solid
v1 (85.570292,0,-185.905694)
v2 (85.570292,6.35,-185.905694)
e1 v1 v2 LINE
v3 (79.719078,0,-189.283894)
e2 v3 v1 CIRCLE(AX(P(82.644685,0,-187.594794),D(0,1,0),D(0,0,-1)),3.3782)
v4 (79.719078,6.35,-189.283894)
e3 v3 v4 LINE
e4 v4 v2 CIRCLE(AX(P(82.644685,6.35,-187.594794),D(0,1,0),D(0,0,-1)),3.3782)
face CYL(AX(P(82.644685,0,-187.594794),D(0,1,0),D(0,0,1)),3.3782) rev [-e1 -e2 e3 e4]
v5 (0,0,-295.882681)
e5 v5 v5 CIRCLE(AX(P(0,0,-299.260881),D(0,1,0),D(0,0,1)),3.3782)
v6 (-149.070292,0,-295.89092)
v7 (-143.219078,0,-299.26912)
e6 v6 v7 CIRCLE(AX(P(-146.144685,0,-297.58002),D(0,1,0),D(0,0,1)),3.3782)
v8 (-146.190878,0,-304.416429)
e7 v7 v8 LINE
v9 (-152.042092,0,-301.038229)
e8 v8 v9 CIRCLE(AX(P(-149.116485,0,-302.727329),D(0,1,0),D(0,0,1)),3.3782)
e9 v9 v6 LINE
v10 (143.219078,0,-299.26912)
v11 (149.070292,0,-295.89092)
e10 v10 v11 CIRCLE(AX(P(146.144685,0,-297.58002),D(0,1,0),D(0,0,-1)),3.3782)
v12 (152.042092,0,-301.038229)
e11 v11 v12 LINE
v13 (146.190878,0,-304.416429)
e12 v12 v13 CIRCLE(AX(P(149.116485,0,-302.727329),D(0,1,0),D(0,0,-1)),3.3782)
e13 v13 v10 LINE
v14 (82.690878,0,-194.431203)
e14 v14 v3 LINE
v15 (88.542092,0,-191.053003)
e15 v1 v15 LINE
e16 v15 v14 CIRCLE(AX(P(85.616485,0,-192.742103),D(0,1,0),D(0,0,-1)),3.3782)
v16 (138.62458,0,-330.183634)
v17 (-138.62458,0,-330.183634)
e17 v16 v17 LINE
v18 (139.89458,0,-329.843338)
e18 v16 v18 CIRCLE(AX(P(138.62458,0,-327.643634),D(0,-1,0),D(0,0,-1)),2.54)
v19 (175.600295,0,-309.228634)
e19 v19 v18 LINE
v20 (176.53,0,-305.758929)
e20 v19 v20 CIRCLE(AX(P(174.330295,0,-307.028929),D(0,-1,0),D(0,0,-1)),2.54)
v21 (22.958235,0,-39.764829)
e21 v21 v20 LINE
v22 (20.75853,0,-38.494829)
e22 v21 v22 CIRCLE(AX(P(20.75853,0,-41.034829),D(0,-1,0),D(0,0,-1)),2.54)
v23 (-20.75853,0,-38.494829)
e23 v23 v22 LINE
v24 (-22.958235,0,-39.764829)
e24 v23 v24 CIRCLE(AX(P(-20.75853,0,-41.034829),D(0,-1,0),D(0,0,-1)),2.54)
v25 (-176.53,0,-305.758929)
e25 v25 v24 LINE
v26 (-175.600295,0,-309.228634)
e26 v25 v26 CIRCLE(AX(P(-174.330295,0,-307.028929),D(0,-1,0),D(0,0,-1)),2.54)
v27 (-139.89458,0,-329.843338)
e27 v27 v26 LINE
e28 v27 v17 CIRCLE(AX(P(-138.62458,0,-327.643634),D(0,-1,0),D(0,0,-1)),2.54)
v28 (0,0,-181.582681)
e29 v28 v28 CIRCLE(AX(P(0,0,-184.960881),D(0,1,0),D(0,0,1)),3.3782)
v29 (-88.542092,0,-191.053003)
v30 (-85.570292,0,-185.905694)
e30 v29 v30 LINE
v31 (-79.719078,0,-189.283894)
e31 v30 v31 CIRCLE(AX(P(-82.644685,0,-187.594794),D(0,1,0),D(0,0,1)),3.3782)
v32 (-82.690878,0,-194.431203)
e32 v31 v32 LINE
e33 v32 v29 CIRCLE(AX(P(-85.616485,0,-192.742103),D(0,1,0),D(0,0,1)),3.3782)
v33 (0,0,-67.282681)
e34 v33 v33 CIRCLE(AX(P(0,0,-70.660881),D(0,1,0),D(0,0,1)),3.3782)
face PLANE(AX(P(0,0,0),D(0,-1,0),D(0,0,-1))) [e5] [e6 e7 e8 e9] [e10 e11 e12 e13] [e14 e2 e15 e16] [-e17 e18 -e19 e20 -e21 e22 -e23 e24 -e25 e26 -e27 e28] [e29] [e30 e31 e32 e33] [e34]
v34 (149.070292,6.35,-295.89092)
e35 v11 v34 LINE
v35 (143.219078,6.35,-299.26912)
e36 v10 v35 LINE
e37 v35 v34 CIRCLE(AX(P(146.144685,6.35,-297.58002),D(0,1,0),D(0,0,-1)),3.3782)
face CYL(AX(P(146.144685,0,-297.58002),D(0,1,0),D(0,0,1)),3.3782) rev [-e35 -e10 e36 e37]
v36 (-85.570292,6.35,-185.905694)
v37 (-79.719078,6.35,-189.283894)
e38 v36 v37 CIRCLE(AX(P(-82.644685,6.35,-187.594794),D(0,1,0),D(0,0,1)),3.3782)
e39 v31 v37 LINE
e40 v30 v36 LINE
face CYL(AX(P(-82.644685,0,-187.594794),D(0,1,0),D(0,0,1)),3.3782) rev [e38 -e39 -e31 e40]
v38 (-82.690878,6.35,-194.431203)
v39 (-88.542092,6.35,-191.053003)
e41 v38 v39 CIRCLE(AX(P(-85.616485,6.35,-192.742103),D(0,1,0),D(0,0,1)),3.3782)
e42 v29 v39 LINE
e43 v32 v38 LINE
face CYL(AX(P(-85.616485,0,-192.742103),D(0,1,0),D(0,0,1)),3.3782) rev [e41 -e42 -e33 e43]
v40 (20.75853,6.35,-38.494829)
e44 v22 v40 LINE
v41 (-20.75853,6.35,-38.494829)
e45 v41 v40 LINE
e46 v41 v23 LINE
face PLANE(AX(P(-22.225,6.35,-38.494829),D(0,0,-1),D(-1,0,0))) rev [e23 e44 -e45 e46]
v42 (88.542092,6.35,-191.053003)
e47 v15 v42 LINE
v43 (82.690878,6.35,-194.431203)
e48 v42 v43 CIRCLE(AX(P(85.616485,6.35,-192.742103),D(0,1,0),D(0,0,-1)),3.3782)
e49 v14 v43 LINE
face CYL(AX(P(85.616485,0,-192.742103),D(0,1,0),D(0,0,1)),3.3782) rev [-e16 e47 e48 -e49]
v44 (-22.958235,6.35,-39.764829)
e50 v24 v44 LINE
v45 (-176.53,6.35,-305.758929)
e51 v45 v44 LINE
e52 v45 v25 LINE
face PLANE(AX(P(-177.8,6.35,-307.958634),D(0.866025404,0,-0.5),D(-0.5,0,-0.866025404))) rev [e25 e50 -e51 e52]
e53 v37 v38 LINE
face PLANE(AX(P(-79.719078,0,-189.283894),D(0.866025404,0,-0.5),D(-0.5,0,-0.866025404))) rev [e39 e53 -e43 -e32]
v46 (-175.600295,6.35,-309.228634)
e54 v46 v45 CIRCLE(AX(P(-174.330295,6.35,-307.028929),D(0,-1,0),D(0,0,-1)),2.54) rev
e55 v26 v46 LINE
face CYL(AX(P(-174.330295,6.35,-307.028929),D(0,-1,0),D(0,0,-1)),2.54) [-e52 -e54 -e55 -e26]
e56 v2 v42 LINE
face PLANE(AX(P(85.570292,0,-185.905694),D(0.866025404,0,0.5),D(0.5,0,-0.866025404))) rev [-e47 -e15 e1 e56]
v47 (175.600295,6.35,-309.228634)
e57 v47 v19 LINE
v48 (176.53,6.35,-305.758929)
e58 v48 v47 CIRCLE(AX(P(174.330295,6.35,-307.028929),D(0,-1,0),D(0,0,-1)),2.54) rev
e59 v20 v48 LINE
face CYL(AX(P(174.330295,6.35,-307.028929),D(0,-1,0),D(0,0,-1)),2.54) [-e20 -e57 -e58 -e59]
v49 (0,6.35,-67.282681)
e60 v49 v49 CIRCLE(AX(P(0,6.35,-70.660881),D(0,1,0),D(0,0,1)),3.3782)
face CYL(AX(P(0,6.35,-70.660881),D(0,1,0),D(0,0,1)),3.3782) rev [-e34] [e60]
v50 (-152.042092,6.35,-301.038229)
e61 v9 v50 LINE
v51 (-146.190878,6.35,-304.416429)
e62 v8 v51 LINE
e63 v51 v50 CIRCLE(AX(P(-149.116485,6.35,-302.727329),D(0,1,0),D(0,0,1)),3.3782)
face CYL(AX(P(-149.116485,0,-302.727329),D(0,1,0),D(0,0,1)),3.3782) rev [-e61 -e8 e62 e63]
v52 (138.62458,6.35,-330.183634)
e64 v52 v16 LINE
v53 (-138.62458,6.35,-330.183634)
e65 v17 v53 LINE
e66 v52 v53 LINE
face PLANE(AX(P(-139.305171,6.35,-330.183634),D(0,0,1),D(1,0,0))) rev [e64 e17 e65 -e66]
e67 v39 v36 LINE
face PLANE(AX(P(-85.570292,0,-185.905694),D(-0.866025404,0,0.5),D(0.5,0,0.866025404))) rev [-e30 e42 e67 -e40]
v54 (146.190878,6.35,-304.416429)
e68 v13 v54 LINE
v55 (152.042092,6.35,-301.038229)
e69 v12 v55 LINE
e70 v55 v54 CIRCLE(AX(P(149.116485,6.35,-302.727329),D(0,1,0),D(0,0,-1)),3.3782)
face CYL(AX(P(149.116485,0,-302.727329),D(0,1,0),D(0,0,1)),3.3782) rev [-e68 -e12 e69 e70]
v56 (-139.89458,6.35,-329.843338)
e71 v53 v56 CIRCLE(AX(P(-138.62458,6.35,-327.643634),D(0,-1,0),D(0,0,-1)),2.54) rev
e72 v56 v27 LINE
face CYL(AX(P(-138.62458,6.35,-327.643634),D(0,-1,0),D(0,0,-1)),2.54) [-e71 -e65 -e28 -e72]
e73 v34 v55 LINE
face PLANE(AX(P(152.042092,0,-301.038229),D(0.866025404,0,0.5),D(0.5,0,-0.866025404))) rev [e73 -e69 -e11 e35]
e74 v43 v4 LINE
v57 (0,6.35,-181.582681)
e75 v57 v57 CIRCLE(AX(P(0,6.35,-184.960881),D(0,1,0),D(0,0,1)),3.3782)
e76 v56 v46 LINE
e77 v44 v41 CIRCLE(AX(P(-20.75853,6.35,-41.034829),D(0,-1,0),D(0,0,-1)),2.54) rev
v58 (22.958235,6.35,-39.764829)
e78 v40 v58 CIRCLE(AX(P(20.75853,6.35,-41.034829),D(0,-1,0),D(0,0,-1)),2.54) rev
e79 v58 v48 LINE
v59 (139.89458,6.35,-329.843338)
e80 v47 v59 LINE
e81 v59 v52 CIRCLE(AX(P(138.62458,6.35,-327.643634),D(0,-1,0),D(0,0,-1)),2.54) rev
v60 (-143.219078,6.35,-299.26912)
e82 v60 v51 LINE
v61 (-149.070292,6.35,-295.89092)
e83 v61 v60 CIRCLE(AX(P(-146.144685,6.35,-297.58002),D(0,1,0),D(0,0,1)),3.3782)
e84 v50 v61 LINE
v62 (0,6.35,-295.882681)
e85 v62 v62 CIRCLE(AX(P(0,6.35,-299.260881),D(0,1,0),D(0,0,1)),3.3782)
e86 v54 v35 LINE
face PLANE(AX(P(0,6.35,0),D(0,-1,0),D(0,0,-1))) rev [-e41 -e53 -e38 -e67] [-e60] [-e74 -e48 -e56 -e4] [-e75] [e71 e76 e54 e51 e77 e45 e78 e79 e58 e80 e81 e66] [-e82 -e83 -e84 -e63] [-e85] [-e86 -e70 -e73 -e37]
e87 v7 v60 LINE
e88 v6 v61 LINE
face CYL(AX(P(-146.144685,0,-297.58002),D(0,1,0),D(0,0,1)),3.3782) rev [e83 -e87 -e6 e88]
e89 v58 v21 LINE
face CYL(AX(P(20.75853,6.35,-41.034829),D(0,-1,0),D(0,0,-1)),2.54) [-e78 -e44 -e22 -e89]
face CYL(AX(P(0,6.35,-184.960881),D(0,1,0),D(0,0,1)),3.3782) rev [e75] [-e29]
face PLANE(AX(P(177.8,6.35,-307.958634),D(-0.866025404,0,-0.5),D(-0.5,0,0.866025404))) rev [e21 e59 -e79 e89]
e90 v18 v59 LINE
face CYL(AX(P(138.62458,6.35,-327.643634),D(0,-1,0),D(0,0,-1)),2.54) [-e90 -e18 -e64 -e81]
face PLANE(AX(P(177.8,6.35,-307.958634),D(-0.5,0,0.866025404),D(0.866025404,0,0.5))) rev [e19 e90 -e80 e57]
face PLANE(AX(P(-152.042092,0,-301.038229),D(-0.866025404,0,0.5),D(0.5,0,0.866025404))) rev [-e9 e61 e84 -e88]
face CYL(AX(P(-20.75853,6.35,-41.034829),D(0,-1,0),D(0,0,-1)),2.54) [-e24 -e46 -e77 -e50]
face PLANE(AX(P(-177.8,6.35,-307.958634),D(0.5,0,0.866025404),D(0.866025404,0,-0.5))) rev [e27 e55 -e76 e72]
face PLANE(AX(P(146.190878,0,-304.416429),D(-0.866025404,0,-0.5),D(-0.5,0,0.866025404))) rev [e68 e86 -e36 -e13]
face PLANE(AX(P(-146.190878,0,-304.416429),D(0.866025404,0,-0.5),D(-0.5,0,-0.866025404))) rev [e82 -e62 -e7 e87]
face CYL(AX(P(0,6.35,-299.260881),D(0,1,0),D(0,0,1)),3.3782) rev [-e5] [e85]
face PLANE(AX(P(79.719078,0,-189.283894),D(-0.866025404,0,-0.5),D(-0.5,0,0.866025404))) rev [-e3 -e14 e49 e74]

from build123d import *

# Parameters (mm, degrees)
BOSS_EXTRUDE1_DEPTH     = 6.35
F_1_4_CLEARANCE_HOLE1_D = 6.7564
CUT_EXTRUDE1_DEPTH      = 376.065853402
FILLET1_R               = 2.54


with BuildPart() as part:
    # Sketch1 → Boss-Extrude1 (new body)
    with BuildSketch(Plane(origin=(0, 0, 0), x_dir=(1, 0, 0), z_dir=(0, 1, 0))):
        Polygon((-177.8, 307.958633586), (-22.225, 38.494829198), (22.225, 38.494829198), (177.8, 307.958633586), (139.305170802, 330.183633586), (-139.305170802, 330.183633586), align=None)
    extrude(amount=BOSS_EXTRUDE1_DEPTH)

    # 1/4 Clearance Hole1 (through all)
    with Locations(Plane(origin=(0, 6.35, 0), x_dir=(1, 0, 0), z_dir=(0, 1, 0))):
        with Locations((0, 299.260881198), (0, 70.660881198), (0, 184.960881198)):
            Hole(F_1_4_CLEARANCE_HOLE1_D / 2)

    # Sketch6 → Cut-Extrude1 (cut, through all)
    with BuildSketch(Plane(origin=(0, 6.35, 0), x_dir=(1, 0, 0), z_dir=(0, 1, 0))):
        with BuildLine():
            Line((-146.190878382, 304.41642896), (-143.219078382, 299.269120371))
            ThreePointArc((-143.219078382, 299.269120371), (-144.455585401, 294.654413351), (-149.07029242, 295.890920371))
            Line((-149.07029242, 295.890920371), (-152.04209242, 301.03822896))
            ThreePointArc((-152.04209242, 301.03822896), (-150.805585401, 305.65293598), (-146.190878382, 304.41642896))
        make_face()
        with BuildLine():
            Line((-85.57029242, 185.90569409), (-88.54209242, 191.05300268))
            ThreePointArc((-88.54209242, 191.05300268), (-87.305585401, 195.667709699), (-82.690878382, 194.43120268))
            Line((-82.690878382, 194.43120268), (-79.719078382, 189.28389409))
            ThreePointArc((-79.719078382, 189.28389409), (-80.955585401, 184.669187071), (-85.57029242, 185.90569409))
        make_face()
        with BuildLine():
            Line((146.190878382, 304.41642896), (143.219078382, 299.269120371))
            ThreePointArc((143.219078382, 299.269120371), (144.455585401, 294.654413351), (149.07029242, 295.890920371))
            Line((149.07029242, 295.890920371), (152.04209242, 301.03822896))
            ThreePointArc((152.04209242, 301.03822896), (150.805585401, 305.65293598), (146.190878382, 304.41642896))
        make_face()
        with BuildLine():
            Line((85.57029242, 185.90569409), (88.54209242, 191.05300268))
            ThreePointArc((88.54209242, 191.05300268), (87.305585401, 195.667709699), (82.690878382, 194.43120268))
            Line((82.690878382, 194.43120268), (79.719078382, 189.28389409))
            ThreePointArc((79.719078382, 189.28389409), (80.955585401, 184.669187071), (85.57029242, 185.90569409))
        make_face()
    extrude(amount=-CUT_EXTRUDE1_DEPTH, mode=Mode.SUBTRACT)

    # Fillet1
    fillet1_edges = [part.edges().sort_by_distance(p)[0] for p in [
        (22.225, 3.175, -38.494829198),
        (-22.225, 3.175, -38.494829198),
        (-177.8, 3.175, -307.958633586),
        (-139.305170802, 3.175, -330.183633586),
        (139.305170802, 3.175, -330.183633586),
        (177.8, 3.175, -307.958633586),
    ]]
    fillet(fillet1_edges, radius=FILLET1_R)


solid = part.part
